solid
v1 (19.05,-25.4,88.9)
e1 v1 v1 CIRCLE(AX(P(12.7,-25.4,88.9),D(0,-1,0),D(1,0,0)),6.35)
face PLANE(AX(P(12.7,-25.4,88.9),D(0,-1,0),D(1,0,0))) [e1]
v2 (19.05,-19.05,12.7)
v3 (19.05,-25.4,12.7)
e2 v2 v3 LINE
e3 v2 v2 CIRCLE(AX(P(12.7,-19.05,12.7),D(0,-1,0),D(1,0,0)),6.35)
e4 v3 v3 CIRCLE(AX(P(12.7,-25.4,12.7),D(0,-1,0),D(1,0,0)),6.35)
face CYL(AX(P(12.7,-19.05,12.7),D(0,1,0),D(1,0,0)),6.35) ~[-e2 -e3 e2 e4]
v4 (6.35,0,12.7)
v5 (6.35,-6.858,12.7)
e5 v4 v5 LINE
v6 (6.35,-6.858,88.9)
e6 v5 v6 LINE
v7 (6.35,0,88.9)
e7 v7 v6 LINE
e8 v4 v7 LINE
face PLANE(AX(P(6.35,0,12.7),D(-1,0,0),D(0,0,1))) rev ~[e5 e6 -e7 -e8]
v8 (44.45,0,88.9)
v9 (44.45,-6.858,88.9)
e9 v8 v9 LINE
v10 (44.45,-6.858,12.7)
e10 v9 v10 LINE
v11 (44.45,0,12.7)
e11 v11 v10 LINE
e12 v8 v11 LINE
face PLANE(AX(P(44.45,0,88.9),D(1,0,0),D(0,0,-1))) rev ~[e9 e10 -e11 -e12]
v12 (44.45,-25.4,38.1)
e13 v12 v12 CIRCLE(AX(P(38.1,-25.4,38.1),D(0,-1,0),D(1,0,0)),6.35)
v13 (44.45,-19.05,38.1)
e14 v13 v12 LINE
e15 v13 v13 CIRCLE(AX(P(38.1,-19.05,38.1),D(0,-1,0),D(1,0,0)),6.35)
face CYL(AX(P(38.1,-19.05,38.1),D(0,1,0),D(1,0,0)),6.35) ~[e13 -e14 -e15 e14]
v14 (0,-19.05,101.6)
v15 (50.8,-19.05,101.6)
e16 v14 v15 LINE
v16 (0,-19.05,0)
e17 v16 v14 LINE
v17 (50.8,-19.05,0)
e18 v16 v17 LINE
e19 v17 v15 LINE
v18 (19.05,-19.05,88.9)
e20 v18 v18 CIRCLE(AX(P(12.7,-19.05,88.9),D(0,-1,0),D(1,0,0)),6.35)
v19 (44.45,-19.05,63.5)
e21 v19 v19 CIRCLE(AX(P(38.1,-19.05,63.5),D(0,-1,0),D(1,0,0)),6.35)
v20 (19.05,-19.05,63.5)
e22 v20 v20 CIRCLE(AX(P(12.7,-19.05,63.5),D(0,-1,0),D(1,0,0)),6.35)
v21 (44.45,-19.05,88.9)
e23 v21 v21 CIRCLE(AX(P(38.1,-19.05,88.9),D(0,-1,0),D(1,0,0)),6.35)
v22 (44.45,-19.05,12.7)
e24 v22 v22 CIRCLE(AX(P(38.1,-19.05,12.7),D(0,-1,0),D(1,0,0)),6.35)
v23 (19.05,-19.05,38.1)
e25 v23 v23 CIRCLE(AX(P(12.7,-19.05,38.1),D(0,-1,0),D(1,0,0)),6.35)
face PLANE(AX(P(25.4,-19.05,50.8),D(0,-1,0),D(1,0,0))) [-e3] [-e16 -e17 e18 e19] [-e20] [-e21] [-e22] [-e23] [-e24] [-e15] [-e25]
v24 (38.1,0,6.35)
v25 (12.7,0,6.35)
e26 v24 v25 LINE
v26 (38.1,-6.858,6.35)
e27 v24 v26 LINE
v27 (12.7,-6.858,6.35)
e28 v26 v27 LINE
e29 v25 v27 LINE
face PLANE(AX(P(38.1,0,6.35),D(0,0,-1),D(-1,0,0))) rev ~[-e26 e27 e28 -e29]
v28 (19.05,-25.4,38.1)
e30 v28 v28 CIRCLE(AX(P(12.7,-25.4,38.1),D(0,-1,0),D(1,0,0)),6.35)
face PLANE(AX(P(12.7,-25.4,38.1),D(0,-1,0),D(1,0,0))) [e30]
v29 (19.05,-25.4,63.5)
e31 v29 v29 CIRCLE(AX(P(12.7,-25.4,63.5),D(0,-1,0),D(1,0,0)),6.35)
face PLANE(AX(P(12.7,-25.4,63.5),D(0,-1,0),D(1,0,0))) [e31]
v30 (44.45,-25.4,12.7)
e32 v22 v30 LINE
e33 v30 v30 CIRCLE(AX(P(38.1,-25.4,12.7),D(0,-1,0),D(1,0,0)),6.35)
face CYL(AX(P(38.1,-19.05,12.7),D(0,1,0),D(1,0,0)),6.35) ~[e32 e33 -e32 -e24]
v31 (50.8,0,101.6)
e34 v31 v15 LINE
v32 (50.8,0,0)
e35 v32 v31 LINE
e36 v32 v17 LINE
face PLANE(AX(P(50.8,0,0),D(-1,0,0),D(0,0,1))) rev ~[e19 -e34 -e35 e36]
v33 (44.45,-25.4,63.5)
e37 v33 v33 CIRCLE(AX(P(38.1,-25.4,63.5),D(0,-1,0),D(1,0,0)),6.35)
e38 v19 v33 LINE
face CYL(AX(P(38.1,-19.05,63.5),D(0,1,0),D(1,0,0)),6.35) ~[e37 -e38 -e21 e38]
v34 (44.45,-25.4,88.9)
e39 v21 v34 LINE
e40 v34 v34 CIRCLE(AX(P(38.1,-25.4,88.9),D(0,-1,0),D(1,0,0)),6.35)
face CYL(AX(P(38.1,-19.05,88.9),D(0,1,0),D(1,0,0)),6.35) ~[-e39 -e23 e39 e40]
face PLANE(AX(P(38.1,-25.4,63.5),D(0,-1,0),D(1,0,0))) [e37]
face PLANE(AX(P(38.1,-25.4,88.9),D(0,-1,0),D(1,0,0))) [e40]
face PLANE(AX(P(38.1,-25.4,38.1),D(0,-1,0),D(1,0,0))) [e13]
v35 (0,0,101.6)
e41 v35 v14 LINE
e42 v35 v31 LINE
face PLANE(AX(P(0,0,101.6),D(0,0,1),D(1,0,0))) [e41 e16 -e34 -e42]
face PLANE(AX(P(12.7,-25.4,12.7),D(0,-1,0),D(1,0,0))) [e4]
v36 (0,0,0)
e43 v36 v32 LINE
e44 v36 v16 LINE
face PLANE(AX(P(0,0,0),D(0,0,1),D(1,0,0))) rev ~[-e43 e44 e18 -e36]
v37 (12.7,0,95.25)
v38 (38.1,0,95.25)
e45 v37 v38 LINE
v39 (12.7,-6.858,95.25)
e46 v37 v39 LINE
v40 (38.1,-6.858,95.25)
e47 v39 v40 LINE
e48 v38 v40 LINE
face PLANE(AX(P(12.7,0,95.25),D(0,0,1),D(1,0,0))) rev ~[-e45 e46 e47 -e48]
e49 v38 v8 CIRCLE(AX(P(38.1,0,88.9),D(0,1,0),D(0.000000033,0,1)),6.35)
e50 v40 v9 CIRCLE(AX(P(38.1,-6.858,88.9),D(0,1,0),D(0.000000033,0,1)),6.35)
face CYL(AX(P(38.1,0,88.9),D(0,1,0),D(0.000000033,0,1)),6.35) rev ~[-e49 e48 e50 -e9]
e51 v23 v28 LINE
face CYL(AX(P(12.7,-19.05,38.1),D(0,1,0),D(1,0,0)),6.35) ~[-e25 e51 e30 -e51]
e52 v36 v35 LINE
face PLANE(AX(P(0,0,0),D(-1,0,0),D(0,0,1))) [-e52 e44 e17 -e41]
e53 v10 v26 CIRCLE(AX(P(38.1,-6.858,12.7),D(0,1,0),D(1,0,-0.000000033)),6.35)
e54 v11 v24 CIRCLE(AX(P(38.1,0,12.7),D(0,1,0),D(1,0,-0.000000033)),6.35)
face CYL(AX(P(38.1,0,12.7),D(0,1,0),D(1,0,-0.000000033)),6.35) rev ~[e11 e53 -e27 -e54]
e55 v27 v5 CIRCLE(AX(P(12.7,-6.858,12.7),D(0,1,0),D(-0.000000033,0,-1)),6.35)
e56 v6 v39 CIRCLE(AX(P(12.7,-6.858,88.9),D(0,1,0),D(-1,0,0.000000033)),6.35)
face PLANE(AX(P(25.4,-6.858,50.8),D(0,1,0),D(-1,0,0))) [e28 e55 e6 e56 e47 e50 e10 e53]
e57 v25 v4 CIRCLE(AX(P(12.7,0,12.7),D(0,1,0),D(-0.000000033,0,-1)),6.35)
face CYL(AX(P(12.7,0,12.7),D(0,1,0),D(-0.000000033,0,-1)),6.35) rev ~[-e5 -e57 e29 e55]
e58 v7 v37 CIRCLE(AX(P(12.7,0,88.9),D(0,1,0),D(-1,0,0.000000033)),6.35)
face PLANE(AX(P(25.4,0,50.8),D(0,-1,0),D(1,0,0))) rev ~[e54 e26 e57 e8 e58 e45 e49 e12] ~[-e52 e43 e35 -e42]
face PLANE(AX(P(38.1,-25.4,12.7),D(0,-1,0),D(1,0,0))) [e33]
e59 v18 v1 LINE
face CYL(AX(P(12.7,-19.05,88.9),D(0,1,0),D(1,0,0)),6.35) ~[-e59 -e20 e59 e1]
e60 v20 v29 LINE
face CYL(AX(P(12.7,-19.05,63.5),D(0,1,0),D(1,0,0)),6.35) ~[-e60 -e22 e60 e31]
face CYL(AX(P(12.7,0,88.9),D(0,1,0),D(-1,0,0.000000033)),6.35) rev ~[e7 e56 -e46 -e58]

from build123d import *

# Parameters (mm, degrees)
F0_W     = 50.8
F0_H     = 101.6
F1_DEPTH = 19.05
F2_R     = 6.35
F3_DEPTH = 6.35
F5_DEPTH = 6.858


with BuildPart() as f1:
    # F0 (on Front) → F1 (new body)
    with BuildSketch(Plane.XZ):
        with Locations((25.4, 50.8)):
            Rectangle(F0_W, F0_H)
    extrude(amount=F1_DEPTH)

    # F2 (on face) → F3 (join)
    with BuildSketch(Plane.XZ.offset(19.05)):
        with Locations((12.7, 88.9)):
            Circle(F2_R)
        with Locations((38.1, 88.9)):
            Circle(F2_R)
        with Locations((12.7, 63.5)):
            Circle(F2_R)
        with Locations((38.1, 63.5)):
            Circle(F2_R)
        with Locations((12.7, 38.1)):
            Circle(F2_R)
        with Locations((38.1, 38.1)):
            Circle(F2_R)
        with Locations((12.7, 12.7)):
            Circle(F2_R)
        with Locations((38.1, 12.7)):
            Circle(F2_R)
    extrude(amount=F3_DEPTH)

    # F4 (on face) → F5 (cut)
    with BuildSketch(Plane(origin=(0, 0, 0), x_dir=(-1, 0, 0), z_dir=(0, 1, 0))):
        with BuildLine():
            Line((-12.7, 95.25), (-38.1, 95.25))
            ThreePointArc((-38.1, 95.25), (-42.590128, 93.390128), (-44.45, 88.9))
            Line((-44.45, 88.9), (-44.45, 12.7))
            ThreePointArc((-44.45, 12.7), (-42.590128, 8.209872), (-38.1, 6.35))
            Line((-38.1, 6.35), (-12.7, 6.35))
            ThreePointArc((-12.7, 6.35), (-8.209872, 8.209872), (-6.35, 12.7))
            Line((-6.35, 12.7), (-6.35, 88.9))
            ThreePointArc((-6.35, 88.9), (-8.209872, 93.390128), (-12.7, 95.25))
        make_face()
    extrude(amount=-F5_DEPTH, mode=Mode.SUBTRACT)


solid = f1.part
